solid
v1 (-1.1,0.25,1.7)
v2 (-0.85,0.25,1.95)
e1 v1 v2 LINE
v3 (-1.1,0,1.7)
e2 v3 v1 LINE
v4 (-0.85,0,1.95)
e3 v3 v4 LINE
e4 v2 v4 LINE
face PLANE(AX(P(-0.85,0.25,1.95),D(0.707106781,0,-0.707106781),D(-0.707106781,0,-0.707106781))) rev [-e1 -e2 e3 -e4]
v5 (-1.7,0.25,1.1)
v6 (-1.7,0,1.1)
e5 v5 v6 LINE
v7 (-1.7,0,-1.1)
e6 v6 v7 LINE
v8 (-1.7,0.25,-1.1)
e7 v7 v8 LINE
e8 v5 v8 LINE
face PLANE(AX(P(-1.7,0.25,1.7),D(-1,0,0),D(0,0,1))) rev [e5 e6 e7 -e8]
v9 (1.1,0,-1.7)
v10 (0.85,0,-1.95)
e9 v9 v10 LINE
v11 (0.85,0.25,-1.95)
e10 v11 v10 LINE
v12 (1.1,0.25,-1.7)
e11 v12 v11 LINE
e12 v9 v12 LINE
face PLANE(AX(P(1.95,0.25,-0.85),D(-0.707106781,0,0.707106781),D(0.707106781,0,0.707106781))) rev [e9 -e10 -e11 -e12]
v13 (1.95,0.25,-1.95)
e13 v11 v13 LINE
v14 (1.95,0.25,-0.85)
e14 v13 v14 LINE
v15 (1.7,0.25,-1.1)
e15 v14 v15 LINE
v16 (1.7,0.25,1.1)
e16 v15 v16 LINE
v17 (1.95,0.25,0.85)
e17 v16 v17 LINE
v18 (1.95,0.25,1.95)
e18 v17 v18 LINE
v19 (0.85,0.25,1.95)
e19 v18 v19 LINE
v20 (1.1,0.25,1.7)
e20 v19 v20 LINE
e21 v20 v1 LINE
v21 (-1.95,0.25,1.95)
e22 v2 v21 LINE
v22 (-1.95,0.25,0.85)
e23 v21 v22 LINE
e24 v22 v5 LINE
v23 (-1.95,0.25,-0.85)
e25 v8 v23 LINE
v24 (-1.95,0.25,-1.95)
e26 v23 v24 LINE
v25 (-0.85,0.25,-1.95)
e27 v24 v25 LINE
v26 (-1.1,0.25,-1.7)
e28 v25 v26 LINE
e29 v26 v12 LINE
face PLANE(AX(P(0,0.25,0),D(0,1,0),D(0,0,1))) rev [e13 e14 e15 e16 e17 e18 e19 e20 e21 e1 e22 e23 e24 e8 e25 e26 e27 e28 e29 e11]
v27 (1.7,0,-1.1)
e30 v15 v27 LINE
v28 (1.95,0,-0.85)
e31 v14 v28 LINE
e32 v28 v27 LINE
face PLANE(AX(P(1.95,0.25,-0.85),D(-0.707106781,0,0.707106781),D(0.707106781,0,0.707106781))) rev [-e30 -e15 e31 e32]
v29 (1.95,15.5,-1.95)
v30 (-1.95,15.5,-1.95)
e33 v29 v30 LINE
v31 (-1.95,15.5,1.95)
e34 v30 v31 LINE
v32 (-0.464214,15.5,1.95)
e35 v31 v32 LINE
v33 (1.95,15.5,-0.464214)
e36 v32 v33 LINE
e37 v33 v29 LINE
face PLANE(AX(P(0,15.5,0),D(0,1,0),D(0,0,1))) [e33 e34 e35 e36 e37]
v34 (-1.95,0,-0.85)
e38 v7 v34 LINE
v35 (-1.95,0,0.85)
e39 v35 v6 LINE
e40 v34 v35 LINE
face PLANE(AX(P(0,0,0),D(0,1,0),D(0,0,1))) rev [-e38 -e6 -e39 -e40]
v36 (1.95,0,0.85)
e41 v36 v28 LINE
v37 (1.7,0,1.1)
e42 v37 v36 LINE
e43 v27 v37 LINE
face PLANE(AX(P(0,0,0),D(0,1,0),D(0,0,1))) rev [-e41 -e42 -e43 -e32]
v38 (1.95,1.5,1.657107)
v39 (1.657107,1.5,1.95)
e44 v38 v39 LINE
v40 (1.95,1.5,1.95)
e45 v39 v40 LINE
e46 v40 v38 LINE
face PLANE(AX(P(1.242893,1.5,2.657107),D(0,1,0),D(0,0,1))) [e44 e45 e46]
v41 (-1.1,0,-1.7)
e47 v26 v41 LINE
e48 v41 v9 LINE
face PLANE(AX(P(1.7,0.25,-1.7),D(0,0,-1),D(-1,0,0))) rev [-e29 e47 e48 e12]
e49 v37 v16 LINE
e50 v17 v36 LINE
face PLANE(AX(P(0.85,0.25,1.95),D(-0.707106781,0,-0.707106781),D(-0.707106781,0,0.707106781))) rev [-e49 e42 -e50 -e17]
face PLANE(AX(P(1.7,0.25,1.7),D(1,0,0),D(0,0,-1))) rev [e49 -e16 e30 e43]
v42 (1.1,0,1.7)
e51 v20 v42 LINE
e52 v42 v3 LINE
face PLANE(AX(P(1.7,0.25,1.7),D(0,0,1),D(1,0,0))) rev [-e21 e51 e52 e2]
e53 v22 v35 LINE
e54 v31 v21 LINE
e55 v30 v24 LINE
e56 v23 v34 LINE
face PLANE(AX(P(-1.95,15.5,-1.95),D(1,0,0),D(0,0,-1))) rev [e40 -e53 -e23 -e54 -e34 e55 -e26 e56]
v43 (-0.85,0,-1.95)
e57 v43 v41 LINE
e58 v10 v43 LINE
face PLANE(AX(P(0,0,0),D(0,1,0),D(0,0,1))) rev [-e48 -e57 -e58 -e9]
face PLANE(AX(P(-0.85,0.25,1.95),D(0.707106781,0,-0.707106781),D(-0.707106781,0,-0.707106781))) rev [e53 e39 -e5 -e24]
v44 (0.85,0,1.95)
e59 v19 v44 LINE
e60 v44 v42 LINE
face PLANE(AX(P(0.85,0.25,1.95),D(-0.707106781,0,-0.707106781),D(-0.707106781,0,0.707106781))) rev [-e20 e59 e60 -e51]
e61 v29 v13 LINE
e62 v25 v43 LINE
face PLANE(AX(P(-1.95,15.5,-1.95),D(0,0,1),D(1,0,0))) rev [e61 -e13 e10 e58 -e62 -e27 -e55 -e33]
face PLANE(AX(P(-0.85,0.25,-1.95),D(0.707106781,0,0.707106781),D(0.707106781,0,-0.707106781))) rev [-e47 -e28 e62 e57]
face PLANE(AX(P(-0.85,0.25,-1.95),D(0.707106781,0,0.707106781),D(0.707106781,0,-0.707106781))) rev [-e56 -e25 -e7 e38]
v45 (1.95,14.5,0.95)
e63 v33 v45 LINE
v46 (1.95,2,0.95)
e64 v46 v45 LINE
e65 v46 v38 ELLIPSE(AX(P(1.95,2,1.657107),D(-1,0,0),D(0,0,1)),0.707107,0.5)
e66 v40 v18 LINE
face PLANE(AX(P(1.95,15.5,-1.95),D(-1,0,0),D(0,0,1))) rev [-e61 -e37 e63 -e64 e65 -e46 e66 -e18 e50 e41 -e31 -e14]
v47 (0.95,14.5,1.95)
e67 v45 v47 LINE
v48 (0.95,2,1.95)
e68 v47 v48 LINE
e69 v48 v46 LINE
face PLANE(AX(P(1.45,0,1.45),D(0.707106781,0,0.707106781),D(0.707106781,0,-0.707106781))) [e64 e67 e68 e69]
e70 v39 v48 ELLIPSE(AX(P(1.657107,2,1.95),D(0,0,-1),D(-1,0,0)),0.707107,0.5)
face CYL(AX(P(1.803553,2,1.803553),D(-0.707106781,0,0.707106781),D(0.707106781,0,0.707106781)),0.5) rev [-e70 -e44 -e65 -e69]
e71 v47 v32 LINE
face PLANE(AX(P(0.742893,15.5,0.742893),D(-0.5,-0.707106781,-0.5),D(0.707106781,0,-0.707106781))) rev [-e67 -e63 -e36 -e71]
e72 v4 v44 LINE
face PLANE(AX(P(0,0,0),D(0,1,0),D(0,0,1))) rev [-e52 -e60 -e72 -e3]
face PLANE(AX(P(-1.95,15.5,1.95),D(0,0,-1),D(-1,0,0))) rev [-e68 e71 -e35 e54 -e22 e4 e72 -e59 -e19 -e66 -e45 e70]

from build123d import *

# Parameters (mm, degrees)
SKETCH1_W           = 3.9
SKETCH1_H           = 3.9
BOSS_EXTRUDE1_DEPTH = 15.5
SKETCH3_W           = 2
SKETCH3_H           = 14
CUT_EXTRUDE1_DEPTH  = 17.22867832
SKETCH4_W           = 3.4
SKETCH4_H           = 3.4
CUT_EXTRUDE2_DEPTH  = 0.25
CUT_EXTRUDE3_DEPTH  = 0.25
CHAMFER1_SIZE       = 1
FILLET1_R           = 0.5


with BuildPart() as part:
    # Sketch1 → Boss-Extrude1 (new body)
    with BuildSketch(Plane(origin=(0, 0, 0), x_dir=(1, 0, 0), z_dir=(0, 1, 0))):
        Rectangle(SKETCH1_W, SKETCH1_H)
    extrude(amount=BOSS_EXTRUDE1_DEPTH)

    # Sketch3 → Cut-Extrude1 (cut, through all)
    with BuildSketch(Plane(origin=(1.45, 0, 1.45), x_dir=(0.7071067811865475, 0, -0.7071067811865476), z_dir=(0.7071067811865476, 0, 0.7071067811865475))):
        with Locations((0, 8.5)):
            Rectangle(SKETCH3_W, SKETCH3_H)
    extrude(amount=CUT_EXTRUDE1_DEPTH, mode=Mode.SUBTRACT)

    # Sketch4 → Cut-Extrude2 (cut)
    with BuildSketch(Plane.XZ):
        Rectangle(SKETCH4_W, SKETCH4_H)
    extrude(amount=-CUT_EXTRUDE2_DEPTH, mode=Mode.SUBTRACT)

    # Sketch5 → Cut-Extrude3 (cut)
    with BuildSketch(Plane.XZ):
        Polygon((1.95, 1.95), (0.85, 1.95), (1.95, 0.85), align=None)
        Polygon((1.95, -1.95), (1.95, -0.85), (0.85, -1.95), align=None)
        Polygon((-1.95, 1.95), (-0.85, 1.95), (-1.95, 0.85), align=None)
        Polygon((-1.95, -1.95), (-0.85, -1.95), (-1.95, -0.85), align=None)
    extrude(amount=-CUT_EXTRUDE3_DEPTH, mode=Mode.SUBTRACT)

    # Chamfer1
    chamfer1_edges = [part.edges().sort_by_distance(p)[0] for p in [
        (1.45, 15.5, 1.45),
    ]]
    chamfer(chamfer1_edges, length=CHAMFER1_SIZE)

    # Fillet1
    fillet1_edges = [part.edges().sort_by_distance(p)[0] for p in [
        (1.45, 1.5, 1.45),
    ]]
    fillet(fillet1_edges, radius=FILLET1_R)


solid = part.part
